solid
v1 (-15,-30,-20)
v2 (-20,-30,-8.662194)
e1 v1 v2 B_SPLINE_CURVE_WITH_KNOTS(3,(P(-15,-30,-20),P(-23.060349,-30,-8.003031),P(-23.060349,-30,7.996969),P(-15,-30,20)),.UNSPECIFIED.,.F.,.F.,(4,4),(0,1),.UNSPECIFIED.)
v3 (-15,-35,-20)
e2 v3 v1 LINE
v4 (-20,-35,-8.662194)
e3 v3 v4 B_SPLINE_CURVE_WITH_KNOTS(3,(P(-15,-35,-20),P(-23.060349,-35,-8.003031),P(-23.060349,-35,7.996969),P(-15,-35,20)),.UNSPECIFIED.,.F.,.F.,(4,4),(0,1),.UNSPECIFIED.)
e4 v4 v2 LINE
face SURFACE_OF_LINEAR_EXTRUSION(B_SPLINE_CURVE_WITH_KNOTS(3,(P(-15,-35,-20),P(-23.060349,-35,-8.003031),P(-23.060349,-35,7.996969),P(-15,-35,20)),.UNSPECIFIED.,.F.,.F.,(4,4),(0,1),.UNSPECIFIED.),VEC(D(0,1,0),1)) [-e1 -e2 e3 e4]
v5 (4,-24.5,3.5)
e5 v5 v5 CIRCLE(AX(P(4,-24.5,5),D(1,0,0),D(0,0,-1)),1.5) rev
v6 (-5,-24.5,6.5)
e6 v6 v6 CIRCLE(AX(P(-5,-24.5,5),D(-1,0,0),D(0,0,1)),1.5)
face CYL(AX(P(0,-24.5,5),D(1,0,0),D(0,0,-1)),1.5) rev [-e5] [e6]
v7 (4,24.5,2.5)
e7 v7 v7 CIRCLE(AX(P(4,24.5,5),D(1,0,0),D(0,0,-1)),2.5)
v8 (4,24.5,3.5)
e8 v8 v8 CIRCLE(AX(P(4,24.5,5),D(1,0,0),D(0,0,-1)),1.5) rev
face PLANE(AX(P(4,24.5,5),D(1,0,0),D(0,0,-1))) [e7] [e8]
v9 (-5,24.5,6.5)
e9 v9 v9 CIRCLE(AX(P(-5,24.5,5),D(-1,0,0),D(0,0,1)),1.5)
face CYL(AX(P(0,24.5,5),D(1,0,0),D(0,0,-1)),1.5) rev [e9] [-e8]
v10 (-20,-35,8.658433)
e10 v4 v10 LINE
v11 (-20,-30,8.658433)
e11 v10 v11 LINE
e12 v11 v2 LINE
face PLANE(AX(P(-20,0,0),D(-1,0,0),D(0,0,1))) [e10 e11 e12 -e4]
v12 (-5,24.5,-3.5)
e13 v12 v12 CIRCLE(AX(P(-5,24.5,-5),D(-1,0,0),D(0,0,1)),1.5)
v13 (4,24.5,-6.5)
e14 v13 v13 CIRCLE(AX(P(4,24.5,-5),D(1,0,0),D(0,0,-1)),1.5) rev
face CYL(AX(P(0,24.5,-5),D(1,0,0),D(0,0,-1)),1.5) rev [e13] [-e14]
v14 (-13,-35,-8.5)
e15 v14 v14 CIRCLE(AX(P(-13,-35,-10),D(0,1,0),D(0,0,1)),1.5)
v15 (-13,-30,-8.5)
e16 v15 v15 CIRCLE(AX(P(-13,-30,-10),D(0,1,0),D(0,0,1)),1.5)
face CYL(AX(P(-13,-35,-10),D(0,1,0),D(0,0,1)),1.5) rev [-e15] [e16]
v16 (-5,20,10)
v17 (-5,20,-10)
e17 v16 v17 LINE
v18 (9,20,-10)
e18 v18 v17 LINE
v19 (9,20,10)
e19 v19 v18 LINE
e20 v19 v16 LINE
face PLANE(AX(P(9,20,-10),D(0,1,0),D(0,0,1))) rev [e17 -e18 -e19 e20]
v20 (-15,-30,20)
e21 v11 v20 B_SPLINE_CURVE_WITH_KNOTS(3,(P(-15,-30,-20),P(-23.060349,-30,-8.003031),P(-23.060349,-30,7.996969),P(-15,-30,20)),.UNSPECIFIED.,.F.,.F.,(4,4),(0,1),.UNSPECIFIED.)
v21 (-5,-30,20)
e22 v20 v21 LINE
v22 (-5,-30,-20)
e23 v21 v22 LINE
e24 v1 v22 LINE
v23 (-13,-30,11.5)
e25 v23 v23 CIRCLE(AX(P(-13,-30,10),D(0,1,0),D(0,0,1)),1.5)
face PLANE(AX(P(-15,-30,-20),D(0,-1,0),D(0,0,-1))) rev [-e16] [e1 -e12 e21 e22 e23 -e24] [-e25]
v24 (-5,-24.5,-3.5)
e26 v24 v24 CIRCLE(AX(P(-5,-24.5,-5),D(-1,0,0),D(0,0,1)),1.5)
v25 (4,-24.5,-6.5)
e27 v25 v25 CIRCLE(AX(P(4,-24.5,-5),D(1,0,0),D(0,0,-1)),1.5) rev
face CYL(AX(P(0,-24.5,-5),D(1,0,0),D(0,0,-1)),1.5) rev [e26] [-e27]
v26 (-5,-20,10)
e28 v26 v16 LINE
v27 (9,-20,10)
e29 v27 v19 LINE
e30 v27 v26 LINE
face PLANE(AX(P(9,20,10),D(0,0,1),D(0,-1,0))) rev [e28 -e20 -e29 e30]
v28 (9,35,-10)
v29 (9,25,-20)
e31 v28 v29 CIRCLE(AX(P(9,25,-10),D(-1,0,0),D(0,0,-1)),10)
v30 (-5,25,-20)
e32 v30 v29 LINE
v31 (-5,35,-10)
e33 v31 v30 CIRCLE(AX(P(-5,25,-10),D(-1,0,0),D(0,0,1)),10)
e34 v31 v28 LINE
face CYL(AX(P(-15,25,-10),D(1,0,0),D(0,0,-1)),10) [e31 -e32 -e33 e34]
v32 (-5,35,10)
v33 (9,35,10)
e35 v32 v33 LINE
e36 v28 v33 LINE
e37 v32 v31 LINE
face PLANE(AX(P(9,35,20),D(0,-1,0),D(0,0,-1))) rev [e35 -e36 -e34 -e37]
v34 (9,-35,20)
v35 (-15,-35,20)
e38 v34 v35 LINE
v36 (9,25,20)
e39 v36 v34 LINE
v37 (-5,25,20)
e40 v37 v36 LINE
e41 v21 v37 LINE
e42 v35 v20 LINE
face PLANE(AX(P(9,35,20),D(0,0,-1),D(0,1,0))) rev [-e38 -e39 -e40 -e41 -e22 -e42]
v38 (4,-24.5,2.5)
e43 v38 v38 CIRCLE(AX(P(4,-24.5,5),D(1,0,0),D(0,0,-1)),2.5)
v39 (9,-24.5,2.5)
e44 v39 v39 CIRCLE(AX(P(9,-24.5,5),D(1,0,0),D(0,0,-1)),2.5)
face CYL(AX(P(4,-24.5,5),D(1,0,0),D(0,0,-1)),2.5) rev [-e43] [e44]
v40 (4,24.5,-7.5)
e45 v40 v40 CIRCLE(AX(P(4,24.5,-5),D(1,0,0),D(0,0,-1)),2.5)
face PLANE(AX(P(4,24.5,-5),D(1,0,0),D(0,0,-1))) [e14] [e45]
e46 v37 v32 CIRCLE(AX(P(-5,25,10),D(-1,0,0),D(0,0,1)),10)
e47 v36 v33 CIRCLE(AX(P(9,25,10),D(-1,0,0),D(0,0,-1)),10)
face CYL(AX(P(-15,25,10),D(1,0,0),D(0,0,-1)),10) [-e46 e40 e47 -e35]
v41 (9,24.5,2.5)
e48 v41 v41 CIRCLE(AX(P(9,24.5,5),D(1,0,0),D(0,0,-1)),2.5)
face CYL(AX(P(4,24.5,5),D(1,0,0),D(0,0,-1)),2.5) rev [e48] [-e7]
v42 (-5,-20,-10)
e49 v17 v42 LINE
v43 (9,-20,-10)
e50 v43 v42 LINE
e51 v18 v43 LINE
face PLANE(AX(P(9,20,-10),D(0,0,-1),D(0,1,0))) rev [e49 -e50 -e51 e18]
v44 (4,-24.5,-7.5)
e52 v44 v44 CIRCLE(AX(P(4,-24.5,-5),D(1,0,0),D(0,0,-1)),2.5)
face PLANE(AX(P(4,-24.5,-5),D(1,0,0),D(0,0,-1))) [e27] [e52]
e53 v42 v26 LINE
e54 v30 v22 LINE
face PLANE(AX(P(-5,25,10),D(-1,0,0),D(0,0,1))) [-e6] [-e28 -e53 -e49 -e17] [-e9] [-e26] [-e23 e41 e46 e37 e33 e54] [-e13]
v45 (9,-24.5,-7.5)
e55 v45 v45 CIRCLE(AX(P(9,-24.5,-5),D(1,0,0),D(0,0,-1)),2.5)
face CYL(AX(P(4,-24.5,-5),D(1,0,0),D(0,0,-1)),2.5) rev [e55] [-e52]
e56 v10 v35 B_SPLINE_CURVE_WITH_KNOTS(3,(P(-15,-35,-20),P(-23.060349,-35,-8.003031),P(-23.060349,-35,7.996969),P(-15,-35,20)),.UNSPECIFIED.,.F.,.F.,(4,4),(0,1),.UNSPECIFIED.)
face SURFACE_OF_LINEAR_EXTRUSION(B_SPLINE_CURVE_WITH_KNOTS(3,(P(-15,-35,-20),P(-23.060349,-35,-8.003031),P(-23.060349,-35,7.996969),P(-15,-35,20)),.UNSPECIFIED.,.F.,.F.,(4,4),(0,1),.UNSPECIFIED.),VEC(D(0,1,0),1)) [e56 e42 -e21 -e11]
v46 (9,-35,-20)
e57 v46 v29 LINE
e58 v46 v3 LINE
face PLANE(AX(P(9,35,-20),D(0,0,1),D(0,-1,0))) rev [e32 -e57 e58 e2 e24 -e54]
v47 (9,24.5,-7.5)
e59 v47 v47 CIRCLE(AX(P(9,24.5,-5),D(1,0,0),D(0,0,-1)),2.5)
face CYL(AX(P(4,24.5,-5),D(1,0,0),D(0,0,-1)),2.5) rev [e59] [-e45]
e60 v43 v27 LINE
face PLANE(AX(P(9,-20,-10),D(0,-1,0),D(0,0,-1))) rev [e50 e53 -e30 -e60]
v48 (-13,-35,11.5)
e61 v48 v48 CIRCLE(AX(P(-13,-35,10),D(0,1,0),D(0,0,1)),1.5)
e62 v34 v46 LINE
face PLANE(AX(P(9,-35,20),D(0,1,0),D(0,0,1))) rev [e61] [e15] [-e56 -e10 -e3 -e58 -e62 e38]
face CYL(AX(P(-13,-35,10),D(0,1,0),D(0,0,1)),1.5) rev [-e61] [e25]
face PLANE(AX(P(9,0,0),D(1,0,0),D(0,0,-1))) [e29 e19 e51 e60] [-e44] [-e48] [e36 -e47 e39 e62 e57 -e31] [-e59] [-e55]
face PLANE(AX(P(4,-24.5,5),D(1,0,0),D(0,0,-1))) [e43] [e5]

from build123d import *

# Parameters (mm, degrees)
SKETCH1_W           = 40
SKETCH1_H           = 70
BOSS_EXTRUDE2_DEPTH = 9
SKETCH3_W           = 20
SKETCH3_H           = 40
CUT_EXTRUDE1_DEPTH  = 42.303752856
SKETCH4_R           = 1.5
CUT_EXTRUDE2_DEPTH  = 42.303752856
SKETCH6_W           = 40
SKETCH6_H           = 5
BOSS_EXTRUDE3_DEPTH = 15
CUT_EXTRUDE3_DEPTH  = 47.914816423
BOSS_EXTRUDE4_DEPTH = 40
SKETCH9_W           = 40
SKETCH9_H           = 5
BOSS_EXTRUDE5_DEPTH = 5
SKETCH10_R          = 1.5
CUT_EXTRUDE4_DEPTH  = 71.887234394
CUT_EXTRUDE5_DEPTH  = 71.887234394
SKETCH12_R          = 1.5
SKETCH12_W          = 20
SKETCH12_H          = 40
BOSS_EXTRUDE6_DEPTH = 3
BOSS_EXTRUDE7_DEPTH = 40
SKETCH14_R          = 1.5
SKETCH14_W          = 20
SKETCH14_H          = 40
BOSS_EXTRUDE8_DEPTH = 2
BOSS_EXTRUDE9_DEPTH = 40
SKETCH17_R          = 2.5
CUT_EXTRUDE6_DEPTH  = 5


with BuildPart() as part:
    # Sketch1 → Boss-Extrude2 (new body)
    with BuildSketch(Plane(origin=(0, 0, 0), x_dir=(0, 0, -1), z_dir=(1, 0, 0))):
        Rectangle(SKETCH1_W, SKETCH1_H)
    extrude(amount=BOSS_EXTRUDE2_DEPTH)

    # Sketch3 → Cut-Extrude1 (cut, through all)
    with BuildSketch(Plane.ZY):
        Rectangle(SKETCH3_W, SKETCH3_H)
    extrude(amount=-CUT_EXTRUDE1_DEPTH, mode=Mode.SUBTRACT)

    # Sketch4 → Cut-Extrude2 (cut, through all)
    with BuildSketch(Plane(origin=(9, 0, 0), x_dir=(0, 0, -1), z_dir=(1, 0, 0))):
        with Locations((-5, -24.5)):
            Circle(SKETCH4_R)
        with Locations((5, -24.5)):
            Circle(SKETCH4_R)
        with Locations((-5, 24.5)):
            Circle(SKETCH4_R)
        with Locations((5, 24.5)):
            Circle(SKETCH4_R)
    extrude(amount=-CUT_EXTRUDE2_DEPTH, mode=Mode.SUBTRACT)

    # Sketch6 → Boss-Extrude3 (add)
    with BuildSketch(Plane.ZY):
        with Locations((0, -32.5)):
            Rectangle(SKETCH6_W, SKETCH6_H)
    extrude(amount=BOSS_EXTRUDE3_DEPTH)

    # Sketch7 → Cut-Extrude3 (cut, through all)
    with BuildSketch(Plane(origin=(9, 0, 0), x_dir=(0, 0, -1), z_dir=(1, 0, 0))):
        with BuildLine():
            Line((-20, 25), (-20, 35))
            Line((-20, 35), (-10, 35))
            ThreePointArc((-10, 35), (-17.071067812, 32.071067812), (-20, 25))
        make_face()
        with BuildLine():
            Line((10, 35), (20, 35))
            Line((20, 35), (20, 25))
            ThreePointArc((20, 25), (17.071067812, 32.071067812), (10, 35))
        make_face()
    extrude(amount=-CUT_EXTRUDE3_DEPTH, mode=Mode.SUBTRACT)

    # Sketch8 → Boss-Extrude4 (add)
    with BuildSketch(Plane(origin=(0, 0, -20), x_dir=(-1, 0, 0), z_dir=(0, 0, -1))):
        Polygon((0, -27), (5, -30), (0, -30), align=None)
    extrude(amount=-BOSS_EXTRUDE4_DEPTH)

    # Sketch9 → Boss-Extrude5 (add)
    with BuildSketch(Plane.ZY.offset(15)):
        with Locations((0, -32.5)):
            Rectangle(SKETCH9_W, SKETCH9_H)
    extrude(amount=BOSS_EXTRUDE5_DEPTH)

    # Sketch10 → Cut-Extrude4 (cut, through all)
    with BuildSketch(Plane(origin=(0, -30, 0), x_dir=(1, 0, 0), z_dir=(0, 1, 0))):
        with Locations(Location((-13, 10, 0), (0, 0, 270))):
            Circle(SKETCH10_R)
        with Locations(Location((-13, -10, 0), (0, 0, 270))):
            Circle(SKETCH10_R)
    extrude(amount=-CUT_EXTRUDE4_DEPTH, mode=Mode.SUBTRACT)

    # Sketch11 → Cut-Extrude5 (cut, through all)
    with BuildSketch(Plane(origin=(0, -30, 0), x_dir=(1, 0, 0), z_dir=(0, 1, 0))):
        with BuildLine():
            add(Edge.make_bspline(
                [(-15, 20), (-17.354348957, 16.495802807), (-19.021015624, 12.650080232), (-20, 8.662193644)],
                knots=[0, 0, 0, 0, 0.292090214, 0.292090214, 0.292090214, 0.292090214], degree=3))
            Line((-15, 20), (-20, 20))
            Line((-20, 20), (-20, 8.662193644))
        make_face()
        with BuildLine():
            add(Edge.make_bspline(
                [(-20, -8.658433055), (-19.021015624, -12.647055954), (-17.354348957, -16.494032059), (-15, -20)],
                knots=[0.707909786, 0.707909786, 0.707909786, 0.707909786, 1, 1, 1, 1], degree=3))
            Line((-20, -8.658433055), (-20, -20))
            Line((-20, -20), (-15, -20))
        make_face()
    extrude(amount=-CUT_EXTRUDE5_DEPTH, mode=Mode.SUBTRACT)

    # Sketch12 → Boss-Extrude6 (add)
    with BuildSketch(Plane.ZY):
        with BuildLine():
            ThreePointArc((-10, 35), (-17.071067812, 32.071067812), (-20, 25))
            Line((-20, 25), (-20, -27))
            Line((-20, -27), (20, -27))
            Line((20, -27), (20, 25))
            ThreePointArc((20, 25), (17.071067812, 32.071067812), (10, 35))
            Line((10, 35), (-10, 35))
        make_face()
        with Locations(Location((-5, 24.5, 0), (0, 0, 180))):
            Circle(SKETCH12_R, mode=Mode.SUBTRACT)
        with Locations(Location((-5, -24.5, 0), (0, 0, 180))):
            Circle(SKETCH12_R, mode=Mode.SUBTRACT)
        with Locations(Location((5, 24.5, 0), (0, 0, 180))):
            Circle(SKETCH12_R, mode=Mode.SUBTRACT)
        with Locations(Location((5, -24.5, 0), (0, 0, 180))):
            Circle(SKETCH12_R, mode=Mode.SUBTRACT)
        Rectangle(SKETCH12_W, SKETCH12_H, mode=Mode.SUBTRACT)
    extrude(amount=BOSS_EXTRUDE6_DEPTH)

    # Sketch13 → Boss-Extrude7 (add)
    with BuildSketch(Plane(origin=(0, 0, -20), x_dir=(-1, 0, 0), z_dir=(0, 0, -1))):
        Polygon((3, -27), (5, -30), (0, -27), align=None)
    extrude(amount=-BOSS_EXTRUDE7_DEPTH)

    # Sketch14 → Boss-Extrude8 (add)
    with BuildSketch(Plane.ZY.offset(3)):
        with BuildLine():
            Line((-20, -27), (20, -27))
            Line((20, -27), (20, 25))
            ThreePointArc((20, 25), (17.071067812, 32.071067812), (10, 35))
            Line((10, 35), (-10, 35))
            ThreePointArc((-10, 35), (-17.071067812, 32.071067812), (-20, 25))
            Line((-20, 25), (-20, -27))
        make_face()
        with Locations(Location((-5, 24.5, 0), (0, 0, 180))):
            Circle(SKETCH14_R, mode=Mode.SUBTRACT)
        with Locations(Location((5, 24.5, 0), (0, 0, 180))):
            Circle(SKETCH14_R, mode=Mode.SUBTRACT)
        with Locations(Location((-5, -24.5, 0), (0, 0, 180))):
            Circle(SKETCH14_R, mode=Mode.SUBTRACT)
        with Locations(Location((5, -24.5, 0), (0, 0, 180))):
            Circle(SKETCH14_R, mode=Mode.SUBTRACT)
        Rectangle(SKETCH14_W, SKETCH14_H, mode=Mode.SUBTRACT)
    extrude(amount=BOSS_EXTRUDE8_DEPTH)

    # Sketch16 → Boss-Extrude9 (add)
    with BuildSketch(Plane(origin=(0, 0, -20), x_dir=(-1, 0, 0), z_dir=(0, 0, -1))):
        Polygon((5, -27), (3, -27), (5, -30), align=None)
    extrude(amount=-BOSS_EXTRUDE9_DEPTH)

    # Sketch17 → Cut-Extrude6 (cut)
    with BuildSketch(Plane(origin=(9, 0, 0), x_dir=(0, 0, -1), z_dir=(1, 0, 0))):
        with Locations((-5, 24.5)):
            Circle(SKETCH17_R)
        with Locations((5, 24.5)):
            Circle(SKETCH17_R)
        with Locations((-5, -24.5)):
            Circle(SKETCH17_R)
        with Locations((5, -24.5)):
            Circle(SKETCH17_R)
    extrude(amount=-CUT_EXTRUDE6_DEPTH, mode=Mode.SUBTRACT)


solid = part.part
